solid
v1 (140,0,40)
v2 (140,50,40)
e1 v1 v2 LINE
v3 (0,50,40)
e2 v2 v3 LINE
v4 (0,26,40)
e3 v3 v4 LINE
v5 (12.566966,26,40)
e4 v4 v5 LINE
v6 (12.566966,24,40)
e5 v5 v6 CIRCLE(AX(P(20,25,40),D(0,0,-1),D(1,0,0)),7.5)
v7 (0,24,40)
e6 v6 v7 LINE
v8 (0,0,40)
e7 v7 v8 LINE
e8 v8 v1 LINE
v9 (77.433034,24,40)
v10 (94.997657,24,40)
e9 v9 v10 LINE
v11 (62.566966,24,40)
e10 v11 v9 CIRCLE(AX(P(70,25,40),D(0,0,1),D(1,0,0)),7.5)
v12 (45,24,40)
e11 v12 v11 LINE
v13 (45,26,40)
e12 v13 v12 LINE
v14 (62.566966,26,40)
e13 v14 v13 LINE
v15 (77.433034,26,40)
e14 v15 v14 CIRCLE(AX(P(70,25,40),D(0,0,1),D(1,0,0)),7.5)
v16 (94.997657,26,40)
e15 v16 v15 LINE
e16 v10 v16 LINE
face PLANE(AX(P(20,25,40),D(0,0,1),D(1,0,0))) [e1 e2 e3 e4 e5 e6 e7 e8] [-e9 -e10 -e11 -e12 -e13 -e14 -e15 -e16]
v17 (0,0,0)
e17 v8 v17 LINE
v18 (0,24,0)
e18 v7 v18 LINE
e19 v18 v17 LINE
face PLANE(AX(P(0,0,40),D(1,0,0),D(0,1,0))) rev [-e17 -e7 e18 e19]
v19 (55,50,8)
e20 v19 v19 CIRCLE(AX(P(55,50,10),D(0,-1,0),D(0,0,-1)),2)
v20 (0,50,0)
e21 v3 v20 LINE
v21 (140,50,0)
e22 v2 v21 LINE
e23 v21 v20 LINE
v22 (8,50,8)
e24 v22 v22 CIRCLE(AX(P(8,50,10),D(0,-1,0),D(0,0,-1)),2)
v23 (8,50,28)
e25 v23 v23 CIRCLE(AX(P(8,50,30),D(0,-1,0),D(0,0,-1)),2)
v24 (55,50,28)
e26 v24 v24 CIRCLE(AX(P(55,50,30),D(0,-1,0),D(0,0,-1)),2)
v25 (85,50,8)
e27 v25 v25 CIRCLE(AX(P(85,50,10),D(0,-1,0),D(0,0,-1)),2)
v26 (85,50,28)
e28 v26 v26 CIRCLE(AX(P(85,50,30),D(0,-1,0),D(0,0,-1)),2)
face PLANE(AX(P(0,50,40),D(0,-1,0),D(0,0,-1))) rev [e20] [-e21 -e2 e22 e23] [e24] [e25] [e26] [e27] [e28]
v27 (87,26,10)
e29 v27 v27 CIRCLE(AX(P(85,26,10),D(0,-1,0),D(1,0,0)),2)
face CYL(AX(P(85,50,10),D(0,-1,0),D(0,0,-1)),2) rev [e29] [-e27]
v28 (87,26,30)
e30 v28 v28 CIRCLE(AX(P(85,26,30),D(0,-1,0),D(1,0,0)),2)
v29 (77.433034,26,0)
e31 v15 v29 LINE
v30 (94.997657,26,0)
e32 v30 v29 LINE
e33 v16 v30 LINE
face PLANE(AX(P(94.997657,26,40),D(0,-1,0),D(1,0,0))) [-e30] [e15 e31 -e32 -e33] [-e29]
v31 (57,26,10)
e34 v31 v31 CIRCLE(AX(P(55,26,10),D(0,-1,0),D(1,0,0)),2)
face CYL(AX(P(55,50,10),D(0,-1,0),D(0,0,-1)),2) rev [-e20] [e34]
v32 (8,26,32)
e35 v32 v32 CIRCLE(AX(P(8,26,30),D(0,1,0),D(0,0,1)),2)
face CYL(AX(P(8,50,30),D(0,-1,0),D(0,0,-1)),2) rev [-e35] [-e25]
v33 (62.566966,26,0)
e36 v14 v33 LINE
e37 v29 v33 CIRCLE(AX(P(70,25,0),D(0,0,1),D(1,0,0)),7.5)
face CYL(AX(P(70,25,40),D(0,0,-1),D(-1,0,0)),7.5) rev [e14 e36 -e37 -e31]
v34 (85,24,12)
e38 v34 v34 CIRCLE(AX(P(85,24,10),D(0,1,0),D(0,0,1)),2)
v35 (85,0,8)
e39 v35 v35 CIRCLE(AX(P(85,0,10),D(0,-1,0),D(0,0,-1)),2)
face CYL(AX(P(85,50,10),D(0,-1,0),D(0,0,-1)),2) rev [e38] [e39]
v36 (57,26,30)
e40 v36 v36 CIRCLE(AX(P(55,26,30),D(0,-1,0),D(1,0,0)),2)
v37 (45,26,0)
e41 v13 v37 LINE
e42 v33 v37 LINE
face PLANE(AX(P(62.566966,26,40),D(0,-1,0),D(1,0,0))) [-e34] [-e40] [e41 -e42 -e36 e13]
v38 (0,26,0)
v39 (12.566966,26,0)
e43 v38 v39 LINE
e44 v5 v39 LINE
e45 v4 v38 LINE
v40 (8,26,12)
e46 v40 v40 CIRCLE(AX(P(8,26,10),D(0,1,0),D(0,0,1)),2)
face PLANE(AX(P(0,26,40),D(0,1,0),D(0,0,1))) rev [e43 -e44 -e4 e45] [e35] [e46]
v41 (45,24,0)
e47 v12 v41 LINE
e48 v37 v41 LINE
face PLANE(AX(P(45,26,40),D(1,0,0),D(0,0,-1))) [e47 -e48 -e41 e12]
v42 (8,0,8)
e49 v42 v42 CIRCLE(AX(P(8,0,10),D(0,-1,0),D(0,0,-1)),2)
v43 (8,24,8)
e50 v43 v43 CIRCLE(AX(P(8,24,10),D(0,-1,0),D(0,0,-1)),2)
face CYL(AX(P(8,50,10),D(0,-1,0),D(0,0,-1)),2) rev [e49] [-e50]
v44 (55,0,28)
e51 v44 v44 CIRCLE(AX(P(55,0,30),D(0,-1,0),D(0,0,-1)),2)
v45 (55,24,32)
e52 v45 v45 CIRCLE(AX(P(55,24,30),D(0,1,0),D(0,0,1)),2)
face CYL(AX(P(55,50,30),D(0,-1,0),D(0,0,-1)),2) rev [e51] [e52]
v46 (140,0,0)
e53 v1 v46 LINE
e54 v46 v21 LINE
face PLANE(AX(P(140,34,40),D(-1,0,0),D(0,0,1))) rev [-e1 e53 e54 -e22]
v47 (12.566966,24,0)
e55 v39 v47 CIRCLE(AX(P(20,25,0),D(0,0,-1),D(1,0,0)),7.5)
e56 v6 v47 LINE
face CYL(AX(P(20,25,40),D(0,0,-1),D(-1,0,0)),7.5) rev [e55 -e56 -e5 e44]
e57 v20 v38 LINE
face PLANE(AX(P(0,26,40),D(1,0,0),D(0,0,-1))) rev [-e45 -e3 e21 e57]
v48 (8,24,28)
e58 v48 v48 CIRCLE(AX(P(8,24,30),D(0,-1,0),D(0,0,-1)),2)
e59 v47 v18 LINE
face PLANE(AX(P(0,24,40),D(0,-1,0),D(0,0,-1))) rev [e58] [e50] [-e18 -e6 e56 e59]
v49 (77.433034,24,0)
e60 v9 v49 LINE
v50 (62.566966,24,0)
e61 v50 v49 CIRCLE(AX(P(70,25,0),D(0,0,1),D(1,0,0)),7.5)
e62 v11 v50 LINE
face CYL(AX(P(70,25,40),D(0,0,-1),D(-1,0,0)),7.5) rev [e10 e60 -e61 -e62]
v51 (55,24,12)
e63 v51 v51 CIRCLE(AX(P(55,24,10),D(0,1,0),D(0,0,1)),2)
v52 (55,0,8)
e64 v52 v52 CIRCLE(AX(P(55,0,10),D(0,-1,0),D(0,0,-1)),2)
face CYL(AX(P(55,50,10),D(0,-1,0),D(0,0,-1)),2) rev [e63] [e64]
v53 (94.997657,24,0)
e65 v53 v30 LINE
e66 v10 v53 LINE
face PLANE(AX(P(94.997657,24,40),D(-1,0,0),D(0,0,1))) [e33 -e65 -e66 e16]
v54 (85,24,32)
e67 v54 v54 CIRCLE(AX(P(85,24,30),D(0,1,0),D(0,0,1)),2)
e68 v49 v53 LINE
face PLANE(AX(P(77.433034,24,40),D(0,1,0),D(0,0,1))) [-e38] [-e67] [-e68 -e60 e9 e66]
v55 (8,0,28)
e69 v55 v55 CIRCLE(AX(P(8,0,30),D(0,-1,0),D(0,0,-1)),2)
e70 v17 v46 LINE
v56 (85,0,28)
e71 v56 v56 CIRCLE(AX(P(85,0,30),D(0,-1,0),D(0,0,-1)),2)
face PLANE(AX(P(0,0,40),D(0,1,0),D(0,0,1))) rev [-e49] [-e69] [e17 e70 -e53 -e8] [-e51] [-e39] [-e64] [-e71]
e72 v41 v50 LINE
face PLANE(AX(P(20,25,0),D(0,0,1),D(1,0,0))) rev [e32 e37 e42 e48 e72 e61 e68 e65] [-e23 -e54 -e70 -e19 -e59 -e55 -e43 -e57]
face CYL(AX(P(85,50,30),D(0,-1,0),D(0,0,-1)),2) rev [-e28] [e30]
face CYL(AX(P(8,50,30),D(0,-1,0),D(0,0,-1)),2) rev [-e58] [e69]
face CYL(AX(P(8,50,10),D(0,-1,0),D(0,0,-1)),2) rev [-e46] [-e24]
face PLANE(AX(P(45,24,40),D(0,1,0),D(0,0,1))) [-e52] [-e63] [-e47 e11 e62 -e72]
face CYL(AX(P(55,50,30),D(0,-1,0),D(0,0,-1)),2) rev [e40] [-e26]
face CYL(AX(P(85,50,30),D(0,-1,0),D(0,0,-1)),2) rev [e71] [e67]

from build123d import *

# Parameters (mm, degrees)
EXTRUDE_1_DEPTH     = 40
SKETCH_8_R          = 2
CUT_EXTRUDE_5_DEPTH = 50


with BuildPart() as part:
    # Эскиз1 → Бобышка-Вытянуть1 (new body)
    with BuildSketch(Plane.XY):
        with BuildLine():
            Line((0, 0), (140, 0))
            Line((140, 0), (140, 34))
            Line((140, 34), (140, 50))
            Line((140, 50), (0, 50))
            Line((0, 50), (0, 26))
            Line((0, 26), (12.566965626, 26))
            ThreePointArc((12.566965626, 26), (27.5, 25), (12.566965626, 24))
            Line((12.566965626, 24), (0, 24))
            Line((0, 24), (0, 0))
        make_face()
        with BuildLine():
            Line((62.566965626, 26), (45, 26))
            Line((45, 26), (45, 24))
            Line((45, 24), (62.566965626, 24))
            ThreePointArc((62.566965626, 24), (70, 17.5), (77.433034374, 24))
            Line((77.433034374, 24), (94.997657208, 24))
            Line((94.997657208, 24), (94.997657208, 26))
            Line((94.997657208, 26), (77.433034374, 26))
            ThreePointArc((77.433034374, 26), (70, 32.5), (62.566965626, 26))
        make_face(mode=Mode.SUBTRACT)
    extrude(amount=EXTRUDE_1_DEPTH)

    # Эскиз8 → Вырез-Вытянуть5 (cut)
    with BuildSketch(Plane.XZ):
        with Locations(Location((8, 30, 0), (0, 0, 270))):
            Circle(SKETCH_8_R)
        with Locations(Location((8, 10, 0), (0, 0, 270))):
            Circle(SKETCH_8_R)
        with Locations(Location((55, 30, 0), (0, 0, 270))):
            Circle(SKETCH_8_R)
        with Locations(Location((55, 10, 0), (0, 0, 270))):
            Circle(SKETCH_8_R)
        with Locations(Location((85, 30, 0), (0, 0, 270))):
            Circle(SKETCH_8_R)
        with Locations(Location((85, 10, 0), (0, 0, 270))):
            Circle(SKETCH_8_R)
    extrude(amount=-CUT_EXTRUDE_5_DEPTH, mode=Mode.SUBTRACT)


solid = part.part
